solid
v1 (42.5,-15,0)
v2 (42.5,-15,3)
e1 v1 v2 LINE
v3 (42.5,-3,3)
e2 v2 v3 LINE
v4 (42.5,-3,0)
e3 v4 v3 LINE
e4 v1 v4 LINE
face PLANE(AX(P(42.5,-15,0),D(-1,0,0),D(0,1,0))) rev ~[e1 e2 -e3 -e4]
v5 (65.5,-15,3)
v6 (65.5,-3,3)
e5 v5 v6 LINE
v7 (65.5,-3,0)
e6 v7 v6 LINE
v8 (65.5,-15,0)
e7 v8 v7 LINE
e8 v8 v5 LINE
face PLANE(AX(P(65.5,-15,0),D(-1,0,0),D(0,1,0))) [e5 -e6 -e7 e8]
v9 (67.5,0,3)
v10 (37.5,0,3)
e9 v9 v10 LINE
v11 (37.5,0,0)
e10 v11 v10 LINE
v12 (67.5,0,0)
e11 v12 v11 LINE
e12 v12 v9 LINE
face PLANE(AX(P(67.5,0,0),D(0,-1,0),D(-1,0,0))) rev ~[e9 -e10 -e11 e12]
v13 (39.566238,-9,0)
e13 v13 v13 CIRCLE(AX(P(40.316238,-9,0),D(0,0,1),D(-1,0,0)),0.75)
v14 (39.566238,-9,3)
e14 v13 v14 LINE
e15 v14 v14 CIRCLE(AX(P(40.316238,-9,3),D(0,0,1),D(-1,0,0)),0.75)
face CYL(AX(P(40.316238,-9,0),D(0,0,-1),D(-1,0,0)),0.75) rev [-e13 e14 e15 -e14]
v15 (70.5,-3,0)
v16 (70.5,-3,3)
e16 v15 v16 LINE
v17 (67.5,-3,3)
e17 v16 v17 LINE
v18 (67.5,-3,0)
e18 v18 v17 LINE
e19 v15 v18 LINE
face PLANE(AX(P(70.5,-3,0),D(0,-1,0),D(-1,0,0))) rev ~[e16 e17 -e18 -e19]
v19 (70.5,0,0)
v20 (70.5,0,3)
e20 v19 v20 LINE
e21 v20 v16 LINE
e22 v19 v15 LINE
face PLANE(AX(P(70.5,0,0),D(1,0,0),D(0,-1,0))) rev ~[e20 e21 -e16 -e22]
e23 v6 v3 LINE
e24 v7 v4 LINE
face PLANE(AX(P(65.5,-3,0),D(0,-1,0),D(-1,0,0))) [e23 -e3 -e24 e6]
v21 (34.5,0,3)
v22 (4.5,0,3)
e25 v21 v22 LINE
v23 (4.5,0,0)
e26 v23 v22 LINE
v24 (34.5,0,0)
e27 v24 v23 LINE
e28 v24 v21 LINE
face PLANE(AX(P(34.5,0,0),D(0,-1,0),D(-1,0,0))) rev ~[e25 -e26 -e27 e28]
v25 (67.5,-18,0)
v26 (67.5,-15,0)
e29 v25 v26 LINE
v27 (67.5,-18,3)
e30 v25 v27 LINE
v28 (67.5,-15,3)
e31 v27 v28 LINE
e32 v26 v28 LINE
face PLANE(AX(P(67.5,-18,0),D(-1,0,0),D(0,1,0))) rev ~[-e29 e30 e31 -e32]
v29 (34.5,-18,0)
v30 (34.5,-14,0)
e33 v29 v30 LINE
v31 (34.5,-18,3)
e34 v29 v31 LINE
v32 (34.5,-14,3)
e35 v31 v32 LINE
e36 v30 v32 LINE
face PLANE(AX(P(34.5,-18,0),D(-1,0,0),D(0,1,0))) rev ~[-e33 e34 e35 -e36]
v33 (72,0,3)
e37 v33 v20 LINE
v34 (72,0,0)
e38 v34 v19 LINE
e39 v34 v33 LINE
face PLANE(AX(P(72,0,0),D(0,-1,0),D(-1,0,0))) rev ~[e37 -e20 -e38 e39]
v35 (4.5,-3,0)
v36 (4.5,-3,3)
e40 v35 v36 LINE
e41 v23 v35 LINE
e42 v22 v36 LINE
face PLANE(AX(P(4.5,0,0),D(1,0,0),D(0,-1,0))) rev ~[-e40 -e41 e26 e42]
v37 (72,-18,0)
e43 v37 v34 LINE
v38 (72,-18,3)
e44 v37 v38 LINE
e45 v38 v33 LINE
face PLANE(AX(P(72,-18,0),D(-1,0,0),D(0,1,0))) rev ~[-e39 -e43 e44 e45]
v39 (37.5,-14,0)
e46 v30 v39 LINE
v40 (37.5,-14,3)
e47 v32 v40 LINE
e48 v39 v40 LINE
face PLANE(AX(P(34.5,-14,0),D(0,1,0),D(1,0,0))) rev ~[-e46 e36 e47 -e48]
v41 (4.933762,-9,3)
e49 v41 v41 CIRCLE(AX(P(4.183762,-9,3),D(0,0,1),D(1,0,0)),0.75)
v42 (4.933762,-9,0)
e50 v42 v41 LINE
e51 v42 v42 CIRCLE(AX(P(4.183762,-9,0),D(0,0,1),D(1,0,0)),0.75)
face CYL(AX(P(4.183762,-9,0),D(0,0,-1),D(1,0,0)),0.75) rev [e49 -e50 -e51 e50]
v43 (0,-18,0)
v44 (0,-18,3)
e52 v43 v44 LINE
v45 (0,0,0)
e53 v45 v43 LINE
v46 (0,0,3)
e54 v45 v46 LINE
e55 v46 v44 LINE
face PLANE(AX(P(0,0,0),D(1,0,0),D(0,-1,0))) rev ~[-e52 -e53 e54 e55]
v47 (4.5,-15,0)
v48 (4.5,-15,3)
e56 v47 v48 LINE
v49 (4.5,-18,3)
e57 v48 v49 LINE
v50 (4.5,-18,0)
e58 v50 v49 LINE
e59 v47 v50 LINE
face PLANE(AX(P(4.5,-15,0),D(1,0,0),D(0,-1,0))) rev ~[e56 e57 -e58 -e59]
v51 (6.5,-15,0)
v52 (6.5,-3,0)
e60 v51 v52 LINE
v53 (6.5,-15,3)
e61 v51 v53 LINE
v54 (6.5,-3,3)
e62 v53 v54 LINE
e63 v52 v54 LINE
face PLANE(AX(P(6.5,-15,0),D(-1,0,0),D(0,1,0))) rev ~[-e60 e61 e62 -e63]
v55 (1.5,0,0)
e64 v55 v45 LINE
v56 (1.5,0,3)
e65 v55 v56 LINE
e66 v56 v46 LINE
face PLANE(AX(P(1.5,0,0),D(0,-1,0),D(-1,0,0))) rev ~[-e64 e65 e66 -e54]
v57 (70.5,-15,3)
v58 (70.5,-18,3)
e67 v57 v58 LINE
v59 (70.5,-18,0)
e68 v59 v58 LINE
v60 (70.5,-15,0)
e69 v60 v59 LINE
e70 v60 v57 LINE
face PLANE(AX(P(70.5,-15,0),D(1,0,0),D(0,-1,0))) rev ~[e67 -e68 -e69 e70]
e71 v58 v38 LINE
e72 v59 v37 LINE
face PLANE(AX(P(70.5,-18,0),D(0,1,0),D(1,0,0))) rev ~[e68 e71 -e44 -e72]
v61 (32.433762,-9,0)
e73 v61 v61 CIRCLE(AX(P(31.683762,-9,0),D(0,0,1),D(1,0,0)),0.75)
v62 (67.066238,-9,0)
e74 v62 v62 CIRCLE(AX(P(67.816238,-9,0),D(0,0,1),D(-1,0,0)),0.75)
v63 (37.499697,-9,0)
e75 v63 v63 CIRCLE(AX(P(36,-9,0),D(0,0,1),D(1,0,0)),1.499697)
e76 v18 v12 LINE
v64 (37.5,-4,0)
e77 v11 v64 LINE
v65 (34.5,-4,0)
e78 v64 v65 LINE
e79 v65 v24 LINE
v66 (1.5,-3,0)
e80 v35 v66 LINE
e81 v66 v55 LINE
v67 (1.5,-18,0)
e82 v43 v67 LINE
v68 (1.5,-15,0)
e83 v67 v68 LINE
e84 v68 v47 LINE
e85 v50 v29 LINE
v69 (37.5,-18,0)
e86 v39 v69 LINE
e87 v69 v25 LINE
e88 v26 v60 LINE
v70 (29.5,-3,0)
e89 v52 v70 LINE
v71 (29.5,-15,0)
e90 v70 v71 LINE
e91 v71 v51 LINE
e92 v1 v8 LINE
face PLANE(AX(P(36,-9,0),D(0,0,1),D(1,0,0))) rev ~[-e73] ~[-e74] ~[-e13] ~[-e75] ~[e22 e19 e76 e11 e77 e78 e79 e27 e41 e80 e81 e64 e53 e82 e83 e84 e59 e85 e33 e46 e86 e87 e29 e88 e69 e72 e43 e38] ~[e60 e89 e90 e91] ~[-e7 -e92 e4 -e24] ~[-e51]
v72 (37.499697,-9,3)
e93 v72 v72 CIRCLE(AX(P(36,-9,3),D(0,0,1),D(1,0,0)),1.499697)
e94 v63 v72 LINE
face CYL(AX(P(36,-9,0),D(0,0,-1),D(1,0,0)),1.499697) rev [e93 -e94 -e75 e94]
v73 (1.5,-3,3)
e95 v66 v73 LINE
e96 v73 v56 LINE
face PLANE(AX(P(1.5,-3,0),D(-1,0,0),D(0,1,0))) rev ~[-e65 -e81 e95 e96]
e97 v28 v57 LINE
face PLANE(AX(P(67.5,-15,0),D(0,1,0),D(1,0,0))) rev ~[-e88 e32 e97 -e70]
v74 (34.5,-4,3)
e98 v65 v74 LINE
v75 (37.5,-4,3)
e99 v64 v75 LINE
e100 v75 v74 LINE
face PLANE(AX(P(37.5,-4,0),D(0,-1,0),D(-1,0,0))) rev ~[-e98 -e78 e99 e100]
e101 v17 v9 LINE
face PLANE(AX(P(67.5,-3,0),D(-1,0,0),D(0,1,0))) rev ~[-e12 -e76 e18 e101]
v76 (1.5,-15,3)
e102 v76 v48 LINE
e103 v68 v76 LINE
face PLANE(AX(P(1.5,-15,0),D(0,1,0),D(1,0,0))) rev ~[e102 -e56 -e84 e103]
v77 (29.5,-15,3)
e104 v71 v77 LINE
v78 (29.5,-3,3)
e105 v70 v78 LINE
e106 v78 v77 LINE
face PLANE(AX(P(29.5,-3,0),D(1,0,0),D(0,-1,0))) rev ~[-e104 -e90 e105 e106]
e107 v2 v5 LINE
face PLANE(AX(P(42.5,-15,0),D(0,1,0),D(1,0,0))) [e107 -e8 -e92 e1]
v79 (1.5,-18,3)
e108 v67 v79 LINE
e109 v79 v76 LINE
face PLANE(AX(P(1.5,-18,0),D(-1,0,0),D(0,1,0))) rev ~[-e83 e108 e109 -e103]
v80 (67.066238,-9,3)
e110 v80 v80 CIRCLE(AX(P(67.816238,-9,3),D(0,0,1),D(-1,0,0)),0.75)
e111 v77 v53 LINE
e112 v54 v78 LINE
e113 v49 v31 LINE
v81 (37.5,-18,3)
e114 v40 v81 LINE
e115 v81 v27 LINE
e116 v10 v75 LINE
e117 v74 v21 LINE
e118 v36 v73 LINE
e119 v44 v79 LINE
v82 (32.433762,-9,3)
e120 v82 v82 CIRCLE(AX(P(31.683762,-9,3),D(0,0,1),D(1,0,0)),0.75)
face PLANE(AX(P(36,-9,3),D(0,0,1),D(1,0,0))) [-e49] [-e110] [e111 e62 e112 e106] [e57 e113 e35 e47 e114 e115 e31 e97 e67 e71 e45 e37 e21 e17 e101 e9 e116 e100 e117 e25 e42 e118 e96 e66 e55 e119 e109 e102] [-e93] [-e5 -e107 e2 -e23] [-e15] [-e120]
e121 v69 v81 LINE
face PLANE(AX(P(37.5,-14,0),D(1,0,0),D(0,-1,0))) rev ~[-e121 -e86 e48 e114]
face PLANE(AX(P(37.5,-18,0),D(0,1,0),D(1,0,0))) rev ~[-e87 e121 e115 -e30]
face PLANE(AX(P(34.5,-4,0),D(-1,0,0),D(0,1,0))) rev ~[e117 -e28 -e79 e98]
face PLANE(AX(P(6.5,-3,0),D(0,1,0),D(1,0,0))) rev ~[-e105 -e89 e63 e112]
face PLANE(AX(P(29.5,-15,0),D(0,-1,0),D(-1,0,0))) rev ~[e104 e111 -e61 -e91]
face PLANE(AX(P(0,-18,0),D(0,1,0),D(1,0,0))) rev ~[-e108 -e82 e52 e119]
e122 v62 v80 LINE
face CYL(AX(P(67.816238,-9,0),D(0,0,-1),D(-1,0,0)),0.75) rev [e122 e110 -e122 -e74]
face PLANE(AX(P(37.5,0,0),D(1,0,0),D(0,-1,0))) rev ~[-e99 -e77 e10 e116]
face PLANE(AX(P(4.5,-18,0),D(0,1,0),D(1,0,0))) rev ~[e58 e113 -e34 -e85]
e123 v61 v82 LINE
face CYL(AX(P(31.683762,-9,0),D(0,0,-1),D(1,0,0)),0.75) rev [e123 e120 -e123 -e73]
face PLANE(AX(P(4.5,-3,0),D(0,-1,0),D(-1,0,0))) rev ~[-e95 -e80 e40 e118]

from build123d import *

# Parameters (mm, degrees)
SKETCH_1_R      = 1.499696603
SKETCH_1_R_2    = 0.75
EXTRUDE_1_DEPTH = 3


with BuildPart() as part:
    # 草图1 → 凸台-拉伸1 (new body)
    with BuildSketch(Plane.XY):
        Polygon((0, 0), (0, -18), (1.5, -18), (1.5, -15), (4.5, -15), (4.5, -18), (34.5, -18), (34.5, -14), (37.5, -14), (37.5, -18), (67.5, -18), (67.5, -15), (70.5, -15), (70.5, -18), (72, -18), (72, 0), (70.5, 0), (70.5, -3), (67.5, -3), (67.5, 0), (37.5, 0), (37.5, -4), (34.5, -4), (34.5, 0), (4.5, 0), (4.5, -3), (1.5, -3), (1.5, 0), align=None)
        with Locations((36, -9)):
            Circle(SKETCH_1_R, mode=Mode.SUBTRACT)
        with Locations((31.683762096, -9)):
            Circle(SKETCH_1_R_2, mode=Mode.SUBTRACT)
        with Locations((4.183762096, -9)):
            Circle(SKETCH_1_R_2, mode=Mode.SUBTRACT)
        with Locations(Location((67.816237904, -9, 0), (0, 0, 180))):
            Circle(SKETCH_1_R_2, mode=Mode.SUBTRACT)
        with Locations(Location((40.316237904, -9, 0), (0, 0, 180))):
            Circle(SKETCH_1_R_2, mode=Mode.SUBTRACT)
        Polygon((29.5, -9), (29.5, -15), (6.5, -15), (6.5, -3), (29.5, -3), align=None, mode=Mode.SUBTRACT)
        Polygon((42.5, -3), (42.5, -9), (42.5, -15), (65.5, -15), (65.5, -3), align=None, mode=Mode.SUBTRACT)
    extrude(amount=EXTRUDE_1_DEPTH)


solid = part.part
